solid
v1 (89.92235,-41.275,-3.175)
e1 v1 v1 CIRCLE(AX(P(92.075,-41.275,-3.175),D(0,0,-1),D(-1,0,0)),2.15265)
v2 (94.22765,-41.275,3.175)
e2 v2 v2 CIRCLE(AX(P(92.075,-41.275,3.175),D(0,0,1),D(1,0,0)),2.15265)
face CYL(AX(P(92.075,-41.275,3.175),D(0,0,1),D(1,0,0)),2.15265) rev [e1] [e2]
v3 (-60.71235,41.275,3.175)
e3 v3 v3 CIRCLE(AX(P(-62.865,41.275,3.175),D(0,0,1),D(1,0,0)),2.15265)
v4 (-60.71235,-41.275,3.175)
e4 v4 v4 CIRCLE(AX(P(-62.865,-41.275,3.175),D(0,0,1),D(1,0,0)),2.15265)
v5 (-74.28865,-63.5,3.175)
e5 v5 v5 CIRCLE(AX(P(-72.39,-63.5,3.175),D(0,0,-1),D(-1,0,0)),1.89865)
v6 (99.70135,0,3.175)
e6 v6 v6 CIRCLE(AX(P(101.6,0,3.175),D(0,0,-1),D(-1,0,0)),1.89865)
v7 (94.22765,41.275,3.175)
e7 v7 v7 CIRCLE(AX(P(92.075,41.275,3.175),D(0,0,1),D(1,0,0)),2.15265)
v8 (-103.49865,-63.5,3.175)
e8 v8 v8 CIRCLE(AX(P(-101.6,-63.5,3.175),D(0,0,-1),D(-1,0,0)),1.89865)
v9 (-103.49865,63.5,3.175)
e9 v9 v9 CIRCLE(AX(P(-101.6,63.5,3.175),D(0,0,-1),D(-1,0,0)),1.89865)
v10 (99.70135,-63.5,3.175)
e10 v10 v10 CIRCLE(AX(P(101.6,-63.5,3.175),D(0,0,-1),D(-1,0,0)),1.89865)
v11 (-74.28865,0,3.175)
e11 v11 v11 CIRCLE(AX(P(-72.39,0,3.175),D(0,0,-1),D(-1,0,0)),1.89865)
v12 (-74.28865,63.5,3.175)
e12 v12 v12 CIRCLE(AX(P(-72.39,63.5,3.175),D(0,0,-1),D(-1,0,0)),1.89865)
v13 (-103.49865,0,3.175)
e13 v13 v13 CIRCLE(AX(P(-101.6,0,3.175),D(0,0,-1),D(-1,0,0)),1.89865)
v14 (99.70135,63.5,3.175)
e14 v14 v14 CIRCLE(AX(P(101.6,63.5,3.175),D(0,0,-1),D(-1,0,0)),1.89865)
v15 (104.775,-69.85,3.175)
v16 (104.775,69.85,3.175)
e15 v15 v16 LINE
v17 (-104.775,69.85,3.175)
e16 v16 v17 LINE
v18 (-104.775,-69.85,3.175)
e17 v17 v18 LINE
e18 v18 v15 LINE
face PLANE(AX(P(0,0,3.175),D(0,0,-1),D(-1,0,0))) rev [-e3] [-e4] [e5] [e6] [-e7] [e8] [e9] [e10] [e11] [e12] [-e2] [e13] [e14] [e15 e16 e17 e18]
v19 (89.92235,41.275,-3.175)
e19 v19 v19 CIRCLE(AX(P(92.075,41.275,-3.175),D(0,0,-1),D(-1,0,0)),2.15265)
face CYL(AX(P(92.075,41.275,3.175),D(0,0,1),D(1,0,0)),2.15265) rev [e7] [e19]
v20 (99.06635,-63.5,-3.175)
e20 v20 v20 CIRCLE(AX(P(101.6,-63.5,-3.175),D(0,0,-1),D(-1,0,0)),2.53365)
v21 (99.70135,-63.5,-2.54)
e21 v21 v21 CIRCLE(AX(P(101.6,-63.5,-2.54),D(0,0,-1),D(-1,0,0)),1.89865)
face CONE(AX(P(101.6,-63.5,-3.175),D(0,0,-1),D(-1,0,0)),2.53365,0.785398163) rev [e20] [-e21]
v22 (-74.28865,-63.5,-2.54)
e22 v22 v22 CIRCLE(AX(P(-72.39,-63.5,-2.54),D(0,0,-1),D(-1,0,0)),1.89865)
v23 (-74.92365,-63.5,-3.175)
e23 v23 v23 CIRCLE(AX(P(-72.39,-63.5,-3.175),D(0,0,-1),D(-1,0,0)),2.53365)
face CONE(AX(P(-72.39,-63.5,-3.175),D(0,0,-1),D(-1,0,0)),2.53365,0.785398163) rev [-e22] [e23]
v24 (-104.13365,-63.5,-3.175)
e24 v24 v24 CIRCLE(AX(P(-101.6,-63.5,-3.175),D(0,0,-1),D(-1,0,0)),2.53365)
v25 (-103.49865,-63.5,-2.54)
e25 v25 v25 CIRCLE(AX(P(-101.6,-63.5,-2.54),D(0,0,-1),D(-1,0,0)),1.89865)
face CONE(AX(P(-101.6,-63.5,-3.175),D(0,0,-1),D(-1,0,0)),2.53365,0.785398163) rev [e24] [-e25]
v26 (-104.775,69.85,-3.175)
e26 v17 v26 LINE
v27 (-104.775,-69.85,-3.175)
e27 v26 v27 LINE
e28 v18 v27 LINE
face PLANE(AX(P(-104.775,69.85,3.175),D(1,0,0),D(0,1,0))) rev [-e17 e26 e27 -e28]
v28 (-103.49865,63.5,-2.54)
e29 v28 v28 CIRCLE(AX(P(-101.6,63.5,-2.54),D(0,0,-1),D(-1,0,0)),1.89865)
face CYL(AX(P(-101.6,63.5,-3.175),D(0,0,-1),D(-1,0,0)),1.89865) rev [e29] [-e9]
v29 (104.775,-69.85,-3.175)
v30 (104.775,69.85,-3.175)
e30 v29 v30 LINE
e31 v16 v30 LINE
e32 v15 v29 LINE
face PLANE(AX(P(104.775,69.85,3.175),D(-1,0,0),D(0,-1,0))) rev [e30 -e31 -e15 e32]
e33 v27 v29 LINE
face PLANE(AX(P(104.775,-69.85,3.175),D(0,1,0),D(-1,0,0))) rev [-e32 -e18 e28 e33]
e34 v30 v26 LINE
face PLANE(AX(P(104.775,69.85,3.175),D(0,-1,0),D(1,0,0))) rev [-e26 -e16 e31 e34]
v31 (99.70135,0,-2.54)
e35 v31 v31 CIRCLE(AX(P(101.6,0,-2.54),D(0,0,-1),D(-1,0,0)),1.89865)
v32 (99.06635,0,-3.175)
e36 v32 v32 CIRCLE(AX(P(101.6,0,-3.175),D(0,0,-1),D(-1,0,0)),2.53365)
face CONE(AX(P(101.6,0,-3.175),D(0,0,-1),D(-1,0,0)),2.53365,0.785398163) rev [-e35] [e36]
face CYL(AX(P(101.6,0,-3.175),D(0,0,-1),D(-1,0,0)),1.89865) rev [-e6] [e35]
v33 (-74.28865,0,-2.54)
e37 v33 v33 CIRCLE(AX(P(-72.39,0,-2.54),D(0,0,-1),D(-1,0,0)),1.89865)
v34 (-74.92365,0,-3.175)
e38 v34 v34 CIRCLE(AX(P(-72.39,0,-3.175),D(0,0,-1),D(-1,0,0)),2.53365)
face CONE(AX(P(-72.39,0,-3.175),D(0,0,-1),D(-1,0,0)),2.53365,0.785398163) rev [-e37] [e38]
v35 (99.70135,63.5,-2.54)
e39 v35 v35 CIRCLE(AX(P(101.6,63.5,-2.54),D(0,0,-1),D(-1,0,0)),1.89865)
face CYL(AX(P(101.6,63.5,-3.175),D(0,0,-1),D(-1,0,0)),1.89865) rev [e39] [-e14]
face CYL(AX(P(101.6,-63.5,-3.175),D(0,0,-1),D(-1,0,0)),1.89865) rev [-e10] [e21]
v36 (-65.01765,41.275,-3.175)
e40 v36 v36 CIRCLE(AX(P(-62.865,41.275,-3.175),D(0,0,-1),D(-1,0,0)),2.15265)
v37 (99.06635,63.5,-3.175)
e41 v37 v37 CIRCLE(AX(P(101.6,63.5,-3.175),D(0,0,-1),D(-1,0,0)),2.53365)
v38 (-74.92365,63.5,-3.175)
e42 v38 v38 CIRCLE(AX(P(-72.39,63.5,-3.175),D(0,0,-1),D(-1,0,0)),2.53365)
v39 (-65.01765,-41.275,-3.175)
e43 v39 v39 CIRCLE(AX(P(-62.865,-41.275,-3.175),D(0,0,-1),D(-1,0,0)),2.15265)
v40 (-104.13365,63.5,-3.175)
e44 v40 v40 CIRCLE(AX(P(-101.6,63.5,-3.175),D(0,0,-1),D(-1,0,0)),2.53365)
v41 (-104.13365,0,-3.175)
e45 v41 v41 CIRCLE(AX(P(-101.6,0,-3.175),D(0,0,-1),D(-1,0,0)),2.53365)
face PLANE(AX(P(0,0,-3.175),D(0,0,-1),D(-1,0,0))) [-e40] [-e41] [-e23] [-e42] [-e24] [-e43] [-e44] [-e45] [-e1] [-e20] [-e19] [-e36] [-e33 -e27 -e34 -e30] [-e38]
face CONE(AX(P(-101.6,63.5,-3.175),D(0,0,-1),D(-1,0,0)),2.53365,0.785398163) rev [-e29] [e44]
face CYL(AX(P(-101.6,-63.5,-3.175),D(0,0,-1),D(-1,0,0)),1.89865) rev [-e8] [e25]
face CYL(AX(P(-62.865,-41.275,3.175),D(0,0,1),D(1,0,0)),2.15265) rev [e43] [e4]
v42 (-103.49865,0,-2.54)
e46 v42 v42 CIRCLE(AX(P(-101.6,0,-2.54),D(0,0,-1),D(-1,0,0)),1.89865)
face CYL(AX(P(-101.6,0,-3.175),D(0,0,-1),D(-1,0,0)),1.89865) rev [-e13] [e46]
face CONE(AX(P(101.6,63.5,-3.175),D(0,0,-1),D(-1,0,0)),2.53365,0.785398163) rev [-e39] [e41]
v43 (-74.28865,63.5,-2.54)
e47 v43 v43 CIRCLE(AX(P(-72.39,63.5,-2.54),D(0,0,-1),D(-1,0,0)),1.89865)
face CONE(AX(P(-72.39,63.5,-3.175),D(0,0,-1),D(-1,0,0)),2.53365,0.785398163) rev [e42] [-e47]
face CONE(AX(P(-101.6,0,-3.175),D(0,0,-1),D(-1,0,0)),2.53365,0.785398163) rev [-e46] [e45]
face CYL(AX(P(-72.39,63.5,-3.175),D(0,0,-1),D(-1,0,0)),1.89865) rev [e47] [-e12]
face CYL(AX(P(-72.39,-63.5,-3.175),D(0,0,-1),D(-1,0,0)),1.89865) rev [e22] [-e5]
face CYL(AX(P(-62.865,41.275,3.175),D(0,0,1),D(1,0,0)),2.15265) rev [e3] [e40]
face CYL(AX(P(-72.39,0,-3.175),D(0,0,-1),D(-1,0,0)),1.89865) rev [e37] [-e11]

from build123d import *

# Parameters (mm, degrees)
SKETCH1_W                       = 209.55
SKETCH1_H                       = 139.7
BOSS_EXTRUDE1_DEPTH             = 3.175
F_6_CLEARANCE_HOLE1_D           = 4.3053
F_6_CLEARANCE_HOLE1_DEPTH       = 9.652
F_6_CLEARANCE_HOLE1_TIP         = 1.293442612
F_6_CLEARANCE_HOLE2_D           = 3.7973
F_6_CLEARANCE_HOLE2_CSINK_D     = 5.0673
F_6_CLEARANCE_HOLE2_CSINK_ANGLE = 90


with BuildPart() as part:
    # Sketch1 → Boss-Extrude1 (new body, symmetric)
    with BuildSketch(Plane.XY):
        Rectangle(SKETCH1_W, SKETCH1_H)
    extrude(amount=BOSS_EXTRUDE1_DEPTH, both=True)

    # #6 Clearance Hole1
    with Locations(Plane.XY.offset(3.175)):
        with Locations((-62.865, 41.275), (92.075, 41.275), (92.075, -41.275), (-62.865, -41.275)):
            Hole(F_6_CLEARANCE_HOLE1_D / 2, depth=F_6_CLEARANCE_HOLE1_DEPTH)
            with Locations((0, 0, -(F_6_CLEARANCE_HOLE1_DEPTH + F_6_CLEARANCE_HOLE1_TIP / 2))):  # 118° drill point
                Cone(0, F_6_CLEARANCE_HOLE1_D / 2, F_6_CLEARANCE_HOLE1_TIP, mode=Mode.SUBTRACT)

    # #6 Clearance Hole2 (through all)
    with Locations(Plane(origin=(0, 0, -3.175), x_dir=(-1, 0, 0), z_dir=(0, 0, -1))):
        with Locations((-101.6, 63.5), (-101.6, 0), (-101.6, -63.5), (72.39, 63.5), (72.39, 0), (72.39, -63.5), (101.6, -63.5), (101.6, 0), (101.6, 63.5)):
            CounterSinkHole(F_6_CLEARANCE_HOLE2_D / 2, F_6_CLEARANCE_HOLE2_CSINK_D / 2, counter_sink_angle=F_6_CLEARANCE_HOLE2_CSINK_ANGLE)


solid = part.part
